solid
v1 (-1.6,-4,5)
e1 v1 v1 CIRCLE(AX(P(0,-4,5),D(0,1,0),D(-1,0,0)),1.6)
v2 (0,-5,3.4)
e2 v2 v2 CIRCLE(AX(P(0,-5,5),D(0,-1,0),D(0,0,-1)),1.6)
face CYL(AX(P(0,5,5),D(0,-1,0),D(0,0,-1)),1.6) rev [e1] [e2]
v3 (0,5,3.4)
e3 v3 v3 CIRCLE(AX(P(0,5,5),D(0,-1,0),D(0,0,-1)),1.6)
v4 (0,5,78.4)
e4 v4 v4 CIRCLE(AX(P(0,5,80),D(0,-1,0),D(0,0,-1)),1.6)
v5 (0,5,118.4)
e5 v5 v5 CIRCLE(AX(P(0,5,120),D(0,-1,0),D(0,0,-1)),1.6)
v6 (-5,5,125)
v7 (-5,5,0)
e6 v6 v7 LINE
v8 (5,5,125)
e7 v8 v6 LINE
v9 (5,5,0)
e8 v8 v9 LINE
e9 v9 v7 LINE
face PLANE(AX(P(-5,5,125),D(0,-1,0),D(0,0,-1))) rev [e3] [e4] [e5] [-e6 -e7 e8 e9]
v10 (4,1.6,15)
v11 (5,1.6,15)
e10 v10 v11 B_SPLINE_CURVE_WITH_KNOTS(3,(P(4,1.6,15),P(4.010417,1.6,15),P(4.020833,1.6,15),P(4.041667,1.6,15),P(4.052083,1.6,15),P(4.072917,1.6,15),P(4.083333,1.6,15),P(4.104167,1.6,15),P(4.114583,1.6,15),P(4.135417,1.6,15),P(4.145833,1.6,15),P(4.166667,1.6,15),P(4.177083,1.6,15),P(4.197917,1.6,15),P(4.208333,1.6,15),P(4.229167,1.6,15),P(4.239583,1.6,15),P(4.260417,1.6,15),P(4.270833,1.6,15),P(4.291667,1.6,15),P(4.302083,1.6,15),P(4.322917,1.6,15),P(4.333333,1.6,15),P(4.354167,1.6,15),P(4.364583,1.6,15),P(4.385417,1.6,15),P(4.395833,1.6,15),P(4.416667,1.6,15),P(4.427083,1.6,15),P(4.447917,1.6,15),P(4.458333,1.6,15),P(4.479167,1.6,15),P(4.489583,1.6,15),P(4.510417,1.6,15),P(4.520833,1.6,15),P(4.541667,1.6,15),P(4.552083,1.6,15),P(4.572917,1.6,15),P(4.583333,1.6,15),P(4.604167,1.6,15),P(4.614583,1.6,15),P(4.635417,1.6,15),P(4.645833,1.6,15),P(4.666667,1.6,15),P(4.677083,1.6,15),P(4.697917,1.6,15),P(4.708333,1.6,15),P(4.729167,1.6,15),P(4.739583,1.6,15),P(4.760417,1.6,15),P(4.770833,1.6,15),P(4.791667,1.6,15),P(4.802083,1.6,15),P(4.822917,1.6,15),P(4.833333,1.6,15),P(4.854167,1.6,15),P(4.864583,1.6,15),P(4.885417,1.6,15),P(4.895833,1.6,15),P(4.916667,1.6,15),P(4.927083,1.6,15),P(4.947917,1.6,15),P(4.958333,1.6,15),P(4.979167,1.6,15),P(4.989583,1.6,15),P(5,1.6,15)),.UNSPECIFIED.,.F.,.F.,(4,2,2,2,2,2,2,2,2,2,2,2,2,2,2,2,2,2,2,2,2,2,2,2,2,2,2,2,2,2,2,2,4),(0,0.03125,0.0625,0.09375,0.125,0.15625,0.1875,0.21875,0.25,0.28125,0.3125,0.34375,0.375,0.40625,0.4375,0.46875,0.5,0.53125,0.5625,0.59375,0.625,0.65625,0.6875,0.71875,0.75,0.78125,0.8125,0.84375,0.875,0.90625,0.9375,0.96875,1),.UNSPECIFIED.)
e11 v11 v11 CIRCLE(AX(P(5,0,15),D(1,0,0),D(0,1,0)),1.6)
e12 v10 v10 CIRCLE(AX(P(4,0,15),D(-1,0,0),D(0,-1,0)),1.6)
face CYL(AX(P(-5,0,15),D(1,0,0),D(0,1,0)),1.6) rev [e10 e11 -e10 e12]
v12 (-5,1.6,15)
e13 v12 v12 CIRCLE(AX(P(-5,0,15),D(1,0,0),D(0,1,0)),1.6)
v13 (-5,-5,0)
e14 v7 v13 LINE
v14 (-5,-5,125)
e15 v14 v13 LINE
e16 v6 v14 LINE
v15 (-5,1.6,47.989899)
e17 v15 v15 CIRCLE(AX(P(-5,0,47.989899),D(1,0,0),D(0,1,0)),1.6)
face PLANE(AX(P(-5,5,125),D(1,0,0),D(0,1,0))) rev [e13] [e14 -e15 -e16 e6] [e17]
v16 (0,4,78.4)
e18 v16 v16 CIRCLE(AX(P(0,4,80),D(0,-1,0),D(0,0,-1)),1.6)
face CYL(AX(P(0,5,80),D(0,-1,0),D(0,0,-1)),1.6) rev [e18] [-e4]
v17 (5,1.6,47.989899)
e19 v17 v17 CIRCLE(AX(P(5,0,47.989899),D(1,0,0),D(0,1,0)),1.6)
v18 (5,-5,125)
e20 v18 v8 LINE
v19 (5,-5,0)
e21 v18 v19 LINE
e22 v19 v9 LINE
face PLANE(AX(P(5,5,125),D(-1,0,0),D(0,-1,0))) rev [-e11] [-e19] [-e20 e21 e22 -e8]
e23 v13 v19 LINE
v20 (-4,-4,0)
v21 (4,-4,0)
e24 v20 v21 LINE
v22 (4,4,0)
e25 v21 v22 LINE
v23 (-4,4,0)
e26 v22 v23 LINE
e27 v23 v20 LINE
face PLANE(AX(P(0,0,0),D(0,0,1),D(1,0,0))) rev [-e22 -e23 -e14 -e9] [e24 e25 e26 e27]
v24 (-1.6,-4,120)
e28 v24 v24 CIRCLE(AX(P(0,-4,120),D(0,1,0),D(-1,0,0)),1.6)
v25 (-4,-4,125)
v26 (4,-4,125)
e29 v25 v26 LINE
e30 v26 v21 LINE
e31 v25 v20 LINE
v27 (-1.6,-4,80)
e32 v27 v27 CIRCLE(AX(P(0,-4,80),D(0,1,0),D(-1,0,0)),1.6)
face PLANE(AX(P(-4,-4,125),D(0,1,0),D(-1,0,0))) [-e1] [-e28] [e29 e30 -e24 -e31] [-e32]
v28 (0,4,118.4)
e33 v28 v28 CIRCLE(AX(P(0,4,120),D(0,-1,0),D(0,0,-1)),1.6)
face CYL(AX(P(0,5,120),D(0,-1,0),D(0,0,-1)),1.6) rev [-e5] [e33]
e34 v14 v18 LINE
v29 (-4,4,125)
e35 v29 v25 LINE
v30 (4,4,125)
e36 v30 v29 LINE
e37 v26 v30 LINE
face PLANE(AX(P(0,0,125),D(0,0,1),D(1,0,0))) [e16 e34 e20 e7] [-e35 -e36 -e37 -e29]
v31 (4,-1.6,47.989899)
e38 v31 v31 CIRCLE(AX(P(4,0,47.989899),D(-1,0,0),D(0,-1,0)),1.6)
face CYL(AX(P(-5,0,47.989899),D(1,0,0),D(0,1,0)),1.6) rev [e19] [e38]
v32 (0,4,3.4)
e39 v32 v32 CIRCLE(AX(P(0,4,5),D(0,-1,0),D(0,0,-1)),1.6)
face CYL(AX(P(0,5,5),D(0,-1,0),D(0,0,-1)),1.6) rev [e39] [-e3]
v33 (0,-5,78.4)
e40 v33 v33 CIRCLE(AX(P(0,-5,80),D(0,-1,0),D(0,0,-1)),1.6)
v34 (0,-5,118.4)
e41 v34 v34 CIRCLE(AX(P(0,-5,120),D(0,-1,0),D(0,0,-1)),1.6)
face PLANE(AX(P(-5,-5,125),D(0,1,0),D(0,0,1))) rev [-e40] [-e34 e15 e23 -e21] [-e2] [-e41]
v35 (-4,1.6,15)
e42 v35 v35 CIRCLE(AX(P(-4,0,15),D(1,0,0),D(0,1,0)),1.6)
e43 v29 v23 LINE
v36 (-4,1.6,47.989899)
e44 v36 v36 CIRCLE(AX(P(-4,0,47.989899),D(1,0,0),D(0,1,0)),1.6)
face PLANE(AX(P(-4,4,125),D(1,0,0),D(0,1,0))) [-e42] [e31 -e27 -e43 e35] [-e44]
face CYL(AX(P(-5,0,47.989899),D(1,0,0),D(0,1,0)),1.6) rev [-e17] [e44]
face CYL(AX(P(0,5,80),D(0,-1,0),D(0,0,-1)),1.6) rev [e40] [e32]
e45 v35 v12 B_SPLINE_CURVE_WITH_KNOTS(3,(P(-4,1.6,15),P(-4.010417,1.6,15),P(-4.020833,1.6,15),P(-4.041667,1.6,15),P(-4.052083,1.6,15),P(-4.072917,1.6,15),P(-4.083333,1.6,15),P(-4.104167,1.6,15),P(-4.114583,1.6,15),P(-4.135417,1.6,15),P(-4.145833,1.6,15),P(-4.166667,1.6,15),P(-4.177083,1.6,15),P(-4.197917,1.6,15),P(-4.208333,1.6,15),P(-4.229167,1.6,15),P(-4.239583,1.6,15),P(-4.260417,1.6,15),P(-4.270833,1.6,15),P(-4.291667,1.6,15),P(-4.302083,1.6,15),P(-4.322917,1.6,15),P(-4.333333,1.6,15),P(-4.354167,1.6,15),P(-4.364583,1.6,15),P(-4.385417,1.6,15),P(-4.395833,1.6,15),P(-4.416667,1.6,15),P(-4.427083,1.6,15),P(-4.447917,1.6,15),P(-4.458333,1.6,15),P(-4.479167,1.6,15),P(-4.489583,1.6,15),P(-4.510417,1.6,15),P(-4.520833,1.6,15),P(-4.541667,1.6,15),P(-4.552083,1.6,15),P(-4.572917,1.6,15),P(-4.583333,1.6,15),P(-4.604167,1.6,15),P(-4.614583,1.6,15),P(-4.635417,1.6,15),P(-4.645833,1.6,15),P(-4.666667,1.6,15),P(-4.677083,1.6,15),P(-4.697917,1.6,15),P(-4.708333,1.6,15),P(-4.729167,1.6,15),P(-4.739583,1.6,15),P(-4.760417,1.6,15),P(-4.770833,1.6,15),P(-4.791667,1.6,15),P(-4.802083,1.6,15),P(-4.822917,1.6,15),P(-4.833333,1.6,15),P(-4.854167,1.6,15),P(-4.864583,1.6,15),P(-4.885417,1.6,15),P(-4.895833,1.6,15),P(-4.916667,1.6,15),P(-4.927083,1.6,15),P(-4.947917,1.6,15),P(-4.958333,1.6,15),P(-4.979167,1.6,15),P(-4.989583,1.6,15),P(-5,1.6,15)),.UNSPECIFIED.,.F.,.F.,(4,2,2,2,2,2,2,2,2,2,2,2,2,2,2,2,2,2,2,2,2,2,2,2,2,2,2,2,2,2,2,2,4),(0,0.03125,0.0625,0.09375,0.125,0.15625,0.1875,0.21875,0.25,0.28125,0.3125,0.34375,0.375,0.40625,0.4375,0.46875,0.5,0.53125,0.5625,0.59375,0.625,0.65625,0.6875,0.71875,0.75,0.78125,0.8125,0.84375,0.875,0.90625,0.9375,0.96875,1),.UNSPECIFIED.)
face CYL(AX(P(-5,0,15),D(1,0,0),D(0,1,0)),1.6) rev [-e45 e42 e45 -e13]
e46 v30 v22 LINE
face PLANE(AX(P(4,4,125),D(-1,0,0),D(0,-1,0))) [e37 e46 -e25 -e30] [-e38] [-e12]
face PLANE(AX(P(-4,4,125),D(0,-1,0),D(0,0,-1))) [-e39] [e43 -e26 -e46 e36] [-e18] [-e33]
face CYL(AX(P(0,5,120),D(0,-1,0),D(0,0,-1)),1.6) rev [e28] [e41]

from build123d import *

# Parameters (mm, degrees)
SKETCH_1_W          = 10
SKETCH_1_H          = 10
SKETCH_1_W_2        = 8
SKETCH_1_H_2        = 8
EXTRUDE_1_DEPTH     = 125
SKETCH_2_R          = 1.6
CUT_EXTRUDE_1_DEPTH = 126.49900398
SKETCH_3_R          = 1.6
CUT_EXTRUDE_2_DEPTH = 126.49900398
SKETCH_4_R          = 1.6
CUT_EXTRUDE_3_DEPTH = 126.49900398


with BuildPart() as part:
    # ｽｹｯﾁ1 → ﾎﾞｽ - 押し出し1 (new body)
    with BuildSketch(Plane.XY):
        Rectangle(SKETCH_1_W, SKETCH_1_H)
        Rectangle(SKETCH_1_W_2, SKETCH_1_H_2, mode=Mode.SUBTRACT)
    extrude(amount=EXTRUDE_1_DEPTH)

    # ｽｹｯﾁ2 → ｶｯﾄ - 押し出し1 (cut, through all)
    with BuildSketch(Plane.XZ.offset(5)):
        with Locations(Location((0, 5, 0), (0, 0, 270))):
            Circle(SKETCH_2_R)
        with Locations(Location((0, 80, 0), (0, 0, 270))):
            Circle(SKETCH_2_R)
        with Locations(Location((0, 120, 0), (0, 0, 270))):
            Circle(SKETCH_2_R)
    extrude(amount=-CUT_EXTRUDE_1_DEPTH, mode=Mode.SUBTRACT)

    # ｽｹｯﾁ3 → ｶｯﾄ - 押し出し2 (cut, through all)
    with BuildSketch(Plane(origin=(5, 0, 0), x_dir=(0, 0, -1), z_dir=(1, 0, 0))):
        with Locations(Location((-15, 0, 0), (0, 0, 90))):
            Circle(SKETCH_3_R)
    extrude(amount=-CUT_EXTRUDE_2_DEPTH, mode=Mode.SUBTRACT)

    # ｽｹｯﾁ4 → ｶｯﾄ - 押し出し3 (cut, through all)
    with BuildSketch(Plane(origin=(5, 0, 0), x_dir=(0, 0, -1), z_dir=(1, 0, 0))):
        with Locations(Location((-47.989898732, 0, 0), (0, 0, 90))):
            Circle(SKETCH_4_R)
    extrude(amount=-CUT_EXTRUDE_3_DEPTH, mode=Mode.SUBTRACT)


solid = part.part
